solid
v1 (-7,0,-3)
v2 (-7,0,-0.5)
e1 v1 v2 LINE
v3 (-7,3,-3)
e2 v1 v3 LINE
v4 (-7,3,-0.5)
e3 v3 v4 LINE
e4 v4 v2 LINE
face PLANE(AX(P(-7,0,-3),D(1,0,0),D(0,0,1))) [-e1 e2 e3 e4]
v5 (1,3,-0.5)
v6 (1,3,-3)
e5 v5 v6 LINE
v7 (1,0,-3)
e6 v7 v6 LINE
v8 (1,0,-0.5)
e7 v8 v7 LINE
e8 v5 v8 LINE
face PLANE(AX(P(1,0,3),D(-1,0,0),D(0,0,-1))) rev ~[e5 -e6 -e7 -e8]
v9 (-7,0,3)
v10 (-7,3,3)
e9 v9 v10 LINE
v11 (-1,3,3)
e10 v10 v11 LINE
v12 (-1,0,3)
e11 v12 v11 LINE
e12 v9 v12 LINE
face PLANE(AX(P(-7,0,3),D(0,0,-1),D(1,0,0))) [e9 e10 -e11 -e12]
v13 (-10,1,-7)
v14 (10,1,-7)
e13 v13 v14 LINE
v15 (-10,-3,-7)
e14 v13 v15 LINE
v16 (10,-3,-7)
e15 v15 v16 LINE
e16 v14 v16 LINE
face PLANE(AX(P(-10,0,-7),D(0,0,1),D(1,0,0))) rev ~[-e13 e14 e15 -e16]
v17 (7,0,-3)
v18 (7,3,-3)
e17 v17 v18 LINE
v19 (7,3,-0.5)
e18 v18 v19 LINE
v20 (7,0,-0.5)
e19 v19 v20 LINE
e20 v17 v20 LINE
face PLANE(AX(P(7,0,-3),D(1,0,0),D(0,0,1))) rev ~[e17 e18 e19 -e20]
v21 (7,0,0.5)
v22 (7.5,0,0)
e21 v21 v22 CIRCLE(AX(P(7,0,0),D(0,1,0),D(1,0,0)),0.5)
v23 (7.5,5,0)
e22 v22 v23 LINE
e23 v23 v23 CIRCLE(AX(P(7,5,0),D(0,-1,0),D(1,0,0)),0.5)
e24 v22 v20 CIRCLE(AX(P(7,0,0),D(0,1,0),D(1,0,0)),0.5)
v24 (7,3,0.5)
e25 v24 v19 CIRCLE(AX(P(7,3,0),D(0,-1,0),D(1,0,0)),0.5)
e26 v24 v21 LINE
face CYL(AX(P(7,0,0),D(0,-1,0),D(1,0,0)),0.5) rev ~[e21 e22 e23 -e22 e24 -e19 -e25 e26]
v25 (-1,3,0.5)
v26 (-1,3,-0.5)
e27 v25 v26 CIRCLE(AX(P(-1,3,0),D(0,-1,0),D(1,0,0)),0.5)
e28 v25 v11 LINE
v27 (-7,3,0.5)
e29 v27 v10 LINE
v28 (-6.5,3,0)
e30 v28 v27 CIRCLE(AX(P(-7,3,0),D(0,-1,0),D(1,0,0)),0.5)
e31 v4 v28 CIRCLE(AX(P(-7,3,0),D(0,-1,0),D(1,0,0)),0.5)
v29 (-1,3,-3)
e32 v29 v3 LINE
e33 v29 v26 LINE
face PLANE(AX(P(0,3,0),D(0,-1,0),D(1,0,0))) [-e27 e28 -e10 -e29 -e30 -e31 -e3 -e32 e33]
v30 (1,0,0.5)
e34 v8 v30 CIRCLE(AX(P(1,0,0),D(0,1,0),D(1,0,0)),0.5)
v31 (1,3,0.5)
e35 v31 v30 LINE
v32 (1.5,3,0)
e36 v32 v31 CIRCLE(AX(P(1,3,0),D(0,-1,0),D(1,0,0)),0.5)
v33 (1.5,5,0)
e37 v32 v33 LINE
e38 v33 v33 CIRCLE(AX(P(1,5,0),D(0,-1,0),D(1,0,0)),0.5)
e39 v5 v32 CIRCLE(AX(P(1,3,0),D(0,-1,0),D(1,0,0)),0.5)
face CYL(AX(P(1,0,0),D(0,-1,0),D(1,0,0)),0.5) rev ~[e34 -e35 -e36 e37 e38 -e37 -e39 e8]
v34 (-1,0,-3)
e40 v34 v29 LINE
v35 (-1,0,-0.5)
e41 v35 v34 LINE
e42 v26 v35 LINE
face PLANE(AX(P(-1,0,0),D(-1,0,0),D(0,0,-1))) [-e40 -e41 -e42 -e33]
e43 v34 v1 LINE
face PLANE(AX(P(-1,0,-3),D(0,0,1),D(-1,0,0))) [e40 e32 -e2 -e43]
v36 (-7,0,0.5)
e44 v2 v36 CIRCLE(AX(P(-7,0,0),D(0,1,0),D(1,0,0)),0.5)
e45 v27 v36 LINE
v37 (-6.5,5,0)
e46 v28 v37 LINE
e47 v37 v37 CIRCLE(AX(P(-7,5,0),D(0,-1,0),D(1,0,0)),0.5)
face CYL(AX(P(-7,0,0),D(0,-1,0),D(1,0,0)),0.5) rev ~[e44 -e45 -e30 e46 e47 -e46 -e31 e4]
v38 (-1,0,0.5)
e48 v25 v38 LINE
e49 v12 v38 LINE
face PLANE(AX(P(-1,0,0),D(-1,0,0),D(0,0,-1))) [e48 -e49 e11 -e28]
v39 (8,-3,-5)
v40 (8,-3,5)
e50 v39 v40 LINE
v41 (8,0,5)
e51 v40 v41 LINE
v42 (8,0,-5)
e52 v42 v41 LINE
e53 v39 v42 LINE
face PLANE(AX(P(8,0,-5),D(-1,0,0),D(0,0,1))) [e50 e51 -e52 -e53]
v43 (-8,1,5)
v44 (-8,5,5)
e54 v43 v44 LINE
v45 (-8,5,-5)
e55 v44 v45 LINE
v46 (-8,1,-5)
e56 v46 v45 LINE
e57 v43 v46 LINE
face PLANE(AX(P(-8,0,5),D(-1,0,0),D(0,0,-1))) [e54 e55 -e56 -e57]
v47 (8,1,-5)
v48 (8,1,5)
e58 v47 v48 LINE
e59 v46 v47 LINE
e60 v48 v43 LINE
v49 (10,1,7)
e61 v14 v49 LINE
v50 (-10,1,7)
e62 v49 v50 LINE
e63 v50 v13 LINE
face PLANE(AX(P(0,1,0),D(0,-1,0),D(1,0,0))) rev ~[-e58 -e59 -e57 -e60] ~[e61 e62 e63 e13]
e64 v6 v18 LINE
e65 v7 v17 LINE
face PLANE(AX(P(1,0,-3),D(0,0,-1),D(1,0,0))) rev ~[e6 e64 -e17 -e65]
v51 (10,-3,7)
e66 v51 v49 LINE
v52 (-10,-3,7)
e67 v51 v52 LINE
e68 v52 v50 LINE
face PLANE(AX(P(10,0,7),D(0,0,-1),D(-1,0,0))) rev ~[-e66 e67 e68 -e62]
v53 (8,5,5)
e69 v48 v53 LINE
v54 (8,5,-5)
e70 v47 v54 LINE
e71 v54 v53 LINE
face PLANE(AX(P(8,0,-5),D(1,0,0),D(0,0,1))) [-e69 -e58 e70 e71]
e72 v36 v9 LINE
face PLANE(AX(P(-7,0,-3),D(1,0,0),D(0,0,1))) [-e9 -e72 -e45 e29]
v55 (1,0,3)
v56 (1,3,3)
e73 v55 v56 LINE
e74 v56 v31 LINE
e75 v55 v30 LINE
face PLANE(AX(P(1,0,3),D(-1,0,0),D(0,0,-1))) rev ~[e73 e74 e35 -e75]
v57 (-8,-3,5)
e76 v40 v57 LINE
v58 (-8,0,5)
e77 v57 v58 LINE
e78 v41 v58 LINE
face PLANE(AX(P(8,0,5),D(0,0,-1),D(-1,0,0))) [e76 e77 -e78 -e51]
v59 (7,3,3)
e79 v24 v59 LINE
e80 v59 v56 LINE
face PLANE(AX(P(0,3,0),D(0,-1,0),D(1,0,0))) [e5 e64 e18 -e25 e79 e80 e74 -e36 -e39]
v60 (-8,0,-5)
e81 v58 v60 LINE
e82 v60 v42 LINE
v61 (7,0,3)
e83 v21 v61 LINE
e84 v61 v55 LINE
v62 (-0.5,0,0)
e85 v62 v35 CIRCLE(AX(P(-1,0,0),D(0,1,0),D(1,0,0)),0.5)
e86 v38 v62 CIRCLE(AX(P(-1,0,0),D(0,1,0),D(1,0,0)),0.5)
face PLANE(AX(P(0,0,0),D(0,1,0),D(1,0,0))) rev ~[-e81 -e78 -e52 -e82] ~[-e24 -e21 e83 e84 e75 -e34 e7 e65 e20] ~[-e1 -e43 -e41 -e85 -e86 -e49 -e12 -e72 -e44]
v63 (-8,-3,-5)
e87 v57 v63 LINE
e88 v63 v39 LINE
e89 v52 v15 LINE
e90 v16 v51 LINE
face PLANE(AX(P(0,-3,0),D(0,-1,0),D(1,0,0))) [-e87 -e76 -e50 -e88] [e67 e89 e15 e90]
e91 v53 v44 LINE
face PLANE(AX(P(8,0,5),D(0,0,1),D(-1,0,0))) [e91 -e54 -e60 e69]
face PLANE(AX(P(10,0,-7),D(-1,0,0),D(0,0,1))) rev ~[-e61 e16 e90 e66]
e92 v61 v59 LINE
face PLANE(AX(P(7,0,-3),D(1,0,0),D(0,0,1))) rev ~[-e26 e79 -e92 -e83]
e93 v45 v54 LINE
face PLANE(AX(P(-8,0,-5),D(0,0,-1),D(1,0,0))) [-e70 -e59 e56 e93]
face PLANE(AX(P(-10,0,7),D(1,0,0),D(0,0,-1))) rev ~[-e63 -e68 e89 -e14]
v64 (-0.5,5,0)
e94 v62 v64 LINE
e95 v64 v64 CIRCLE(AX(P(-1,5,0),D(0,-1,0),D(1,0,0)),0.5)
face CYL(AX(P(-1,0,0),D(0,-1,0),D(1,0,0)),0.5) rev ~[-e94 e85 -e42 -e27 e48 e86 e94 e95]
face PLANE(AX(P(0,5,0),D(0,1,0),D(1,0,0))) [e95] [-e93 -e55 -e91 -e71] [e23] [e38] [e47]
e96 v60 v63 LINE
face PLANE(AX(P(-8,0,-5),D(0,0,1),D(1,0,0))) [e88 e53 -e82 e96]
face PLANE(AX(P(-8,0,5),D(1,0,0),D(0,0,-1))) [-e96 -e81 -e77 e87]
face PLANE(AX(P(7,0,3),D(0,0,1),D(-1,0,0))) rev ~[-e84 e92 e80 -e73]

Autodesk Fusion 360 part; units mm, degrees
sketch "Sketch1" plane through (0, 0, 0) normal (0, 1, 0) x (1, 0, 0)
  line L0 (7, -3.5) -> (-7, -3.5)
  line L1 (-7, -3.5) -> (-7, 3.5)
  line L2 (-7, 3.5) -> (7, 3.5)
  line L3 (7, 3.5) -> (7, -3.5)
  line L4 (7, -3.5) -> (-7, 3.5) construction
  line L5 (-7, -3.5) -> (7, 3.5) construction
  circle A0 centre (-6, 0) radius 0.5
  circle A1 centre (-1, 0) radius 0.5
  circle A2 centre (1, 0) radius 0.5
  circle A3 centre (6, 0) radius 0.5
  dimension "d3" = 14
  dimension "d4" = 7
  dimension "d7" = 1
  dimension "d8" = 1
  dimension "d9" = 1
  dimension "d10" = 1
sketch "Sketch2" plane through (0, 0, 0) normal (0, -1, 0) x (1, 0, 0)
  circle A0 centre (-1, 0) radius 0.5
  circle A1 centre (1, 0) radius 0.5
  circle A2 centre (6, 0) radius 0.5
  circle A3 centre (-6, 0) radius 0.5
  line L0 (-7, -3.5) -> (7, -3.5)
  line L1 (7, -3.5) -> (7, 3.5)
  line L2 (7, 3.5) -> (-7, 3.5)
  line L3 (-7, 3.5) -> (-7, -3.5)
  line L4 (-6, 2.5) -> (-6, -2.5)
  line L5 (6, -2.5) -> (6, 2.5)
  line L6 (6, -2.5) -> (1, -2.5)
  line L7 (1, -2.5) -> (1, 2.5)
  line L8 (1, 2.5) -> (6, 2.5)
  line L9 (-6, -2.5) -> (-6, 2.5)
  line L10 (-6, 2.5) -> (-1, 2.5)
  line L11 (-1, 2.5) -> (-1, -2.5)
  line L12 (-1, -2.5) -> (-6, -2.5)
sketch "Sketch3" plane through (0, 0, 0) normal (0, -1, 0) x (1, 0, 0)
sketch "Sketch4" plane through (0, 0, 0) normal (0, 1, 0) x (1, 0, 0)
  line L0 (-8, -5) -> (8, -5)
  line L1 (8, -5) -> (8, 5)
  line L2 (8, 5) -> (-8, 5)
  line L3 (-8, 5) -> (-8, -5)
  line L4 (-8, -5) -> (8, 5) construction
  line L5 (8, -5) -> (-8, 5) construction
  line L6 (-1, 0) -> (-1, -3)
  line L7 (-1, -3) -> (-7, -3)
  line L8 (-7, -3) -> (-7, 3)
  line L9 (-7, 3) -> (-1, 3)
  line L10 (-1, 3) -> (-1, 0)
  line L11 (1, 3) -> (1, -3)
  line L12 (1, -3) -> (7, -3)
  line L13 (7, -3) -> (7, 3)
  line L14 (7, 3) -> (1, 3)
  dimension "d16" = 16
  dimension "d17" = 10
sketch "Sketch5" plane through (0, 0, 0) normal (0, -1, 0) x (1, 0, 0)
  line L0 (-8, 5) -> (-8, -5)
  line L1 (-8, -5) -> (8, -5)
  line L2 (8, -5) -> (8, 5)
  line L3 (8, 5) -> (-8, 5)
  line L4 (-1, -3) -> (-1, 3)
  line L5 (-1, 3) -> (-7, 3)
  line L6 (-7, 3) -> (-7, -3)
  line L7 (-7, -3) -> (-1, -3)
  line L8 (1, -3) -> (1, 3)
  line L9 (1, 3) -> (7, 3)
  line L10 (7, 3) -> (7, -3)
  line L11 (7, -3) -> (1, -3)
sketch "Sketch6" plane through (0, 0, 0) normal (0, -1, 0) x (1, 0, 0)
  line L0 (-1, 3) -> (-1, -3)
  line L1 (-1, -3) -> (-7, -3)
  line L2 (-7, -3) -> (-7, 3)
  line L3 (-7, 3) -> (-1, 3)
  line L4 (1, 3) -> (7, 3)
  line L5 (7, 3) -> (7, -3)
  line L6 (7, -3) -> (1, -3)
  line L7 (1, -3) -> (1, 3)
  line L8 (-8, 5) -> (-8, -5)
  line L9 (-8, -5) -> (8, -5)
  line L10 (8, -5) -> (8, 5)
  line L11 (8, 5) -> (-8, 5)
  circle A0 centre (-7, 0) radius 0.25
  circle A1 centre (-1, 0) radius 0.25
  circle A2 centre (1, 0) radius 0.25
  circle A3 centre (7, 0) radius 0.25
  dimension "d23" = 0.5
  dimension "d24" = 0.5
  dimension "d25" = 0.5
  dimension "d26" = 0.5
sketch "Sketch7" plane through (0, 4, 0) normal (0, 1, 0) x (-1, 0, 0)
  circle A0 centre (1, 0) radius 0.25
  circle A1 centre (-1, 0) radius 0.25
  circle A2 centre (7, 0) radius 0.25
  circle A3 centre (-7, 0) radius 0.25
  line L0 (8, -5) -> (8, 5)
  line L1 (8, 5) -> (-8, 5)
  line L2 (-8, 5) -> (-8, -5)
  line L3 (-8, -5) -> (8, -5)
  line L4 (-10, -7) -> (10, -7)
  line L5 (10, -7) -> (10, 7)
  line L6 (10, 7) -> (-10, 7)
  line L7 (-10, 7) -> (-10, -7)
  circle A4 centre (-7, 0) radius 0.25
  circle A5 centre (-1, 0) radius 0.25
  circle A6 centre (1, 0) radius 0.25
  circle A7 centre (7, 0) radius 0.25
  dimension "d29" = 2
sketch "Sketch8" plane through (0, 0, 0) normal (0, -1, 0) x (1, 0, 0)
  line L0 (-8, 5) -> (-8, -5)
  line L1 (-8, -5) -> (8, -5)
  line L2 (8, -5) -> (8, 5)
  line L3 (8, 5) -> (-8, 5)
  arc A0 (1, 0.25) -> (1, -0.25) centre (1, 0) ccw
  line L4 (1, 0.25) -> (1, 3)
  line L5 (1, 3) -> (7, 3)
  line L6 (7, 3) -> (7, 0.25)
  arc A1 (7, -0.25) -> (7, 0.25) centre (7, 0) ccw
  line L7 (7, -0.25) -> (7, -3)
  line L8 (7, -3) -> (1, -3)
  line L9 (1, -3) -> (1, -0.25)
  arc A2 (-1, -0.25) -> (-1, 0.25) centre (-1, 0) ccw
  line L10 (-1, -0.25) -> (-1, -3)
  line L11 (-1, -3) -> (-7, -3)
  line L12 (-7, -3) -> (-7, -0.25)
  arc A3 (-7, 0.25) -> (-7, -0.25) centre (-7, 0) ccw
  line L13 (-7, 0.25) -> (-7, 3)
  line L14 (-7, 3) -> (-1, 3)
  line L15 (-1, 3) -> (-1, 0.25)
  circle A4 centre (-6.5, 4) radius 0.5
  circle A5 centre (-6.5, -4) radius 0.5
  circle A6 centre (6.5, -4) radius 0.5
  circle A7 centre (6.5, 4) radius 0.5
ref_plane "WorkPlane1" through (0, -6, 0) normal (0, -1, 0) x (-1, 0, 0)
sketch "Sketch11" plane through (0, 0, 0) normal (0, -1, 0) x (1, 0, 0)
sketch "Sketch12" plane through (0, 4, 0) normal (0, 1, 0) x (-1, 0, 0)
  circle A0 centre (1, 0) radius 0.25
  circle A1 centre (-1, 0) radius 0.25
  circle A2 centre (7, 0) radius 0.25
  circle A3 centre (-7, 0) radius 0.25
  line L0 (-11, -8) -> (11, -8)
  line L1 (11, -8) -> (11, 8)
  line L2 (11, 8) -> (-11, 8)
  line L3 (-11, 8) -> (-11, -8)
sketch "Sketch13" plane through (0, 0, 0) normal (0, -1, 0) x (1, 0, 0)
sketch "Sketch14" plane through (0, 0, 0) normal (0, -1, 0) x (1, 0, 0)
sketch "Sketch15" plane through (0, 0, 0) normal (0, 1, 0) x (1, 0, 0)
  line L0 (8, -5) -> (-8, -5)
  line L1 (-8, -5) -> (-8, 5)
  line L2 (-8, 5) -> (8, 5)
  line L3 (8, 5) -> (8, -5)
  line L4 (8, -5) -> (-8, 5) construction
  line L5 (-8, -5) -> (8, 5) construction
  dimension "d43" = 16
  dimension "d44" = 10
extrude "Extrude9" add sketch "Sketch15" along normal blind 5
sketch "Sketch16" plane through (0, 0, 0) normal (0, -1, 0) x (1, 0, 0)
  line L0 (-8, -5) -> (8, -5)
  line L1 (8, -5) -> (8, 5)
  line L2 (8, 5) -> (-8, 5)
  line L3 (-8, 5) -> (-8, -5)
  line L4 (7, 3) -> (1, 3)
  line L5 (1, 3) -> (1, -3)
  line L6 (1, -3) -> (7, -3)
  line L7 (7, -3) -> (7, 3)
  line L8 (7, 3) -> (1, -3) construction
  line L9 (1, 3) -> (7, -3) construction
  line L10 (-1, 0) -> (-4, 0)
  line L11 (-1, 0) -> (-1, 3)
  line L12 (-1, 0) -> (-1, -3)
  line L13 (-1, -3) -> (-7, -3)
  line L14 (-7, -3) -> (-7, 3)
  line L15 (-7, 3) -> (-1, 3)
  point P0 (4, 0)
  dimension "d48" = 6
  dimension "d49" = 6
  dimension "d50" = 1
  dimension "d51" = 3
  dimension "d52" = 3
  dimension "d53" = 6
  dimension "d54" = 6
extrude "Extrude10" cut sketch "Sketch16" against normal blind 3 contours L4 L5 L6 L7 | L11 L12 L13 L14 L15
sketch "Sketch17" plane through (0, 0, 0) normal (0, -1, 0) x (1, 0, 0)
  line L0 (-7, 3) -> (-1, 3)
  line L1 (-1, 3) -> (-1, -3)
  line L2 (-1, -3) -> (-7, -3)
  line L3 (-7, -3) -> (-7, 3)
  line L4 (1, 3) -> (7, 3)
  line L5 (7, 3) -> (7, -3)
  line L6 (7, -3) -> (1, -3)
  line L7 (1, -3) -> (1, 3)
  line L8 (-8, -5) -> (8, -5)
  line L9 (8, -5) -> (8, 5)
  line L10 (8, 5) -> (-8, 5)
  line L11 (-8, 5) -> (-8, -5)
  line L12 (-10, -7) -> (10, -7)
  line L13 (10, -7) -> (10, 7)
  line L14 (10, 7) -> (-10, 7)
  line L15 (-10, 7) -> (-10, -7)
  dimension "d57" = 2
extrude "Extrude11" add sketch "Sketch17" along normal blind 3 and the other way blind 1 contours L12 L13 L14 L15
sketch "Sketch18" plane through (0, 0, 0) normal (0, -1, 0) x (1, 0, 0)
  line L0 (-7, 3) -> (-1, 3)
  line L1 (-1, 3) -> (-1, -3)
  line L2 (-1, -3) -> (-7, -3)
  line L3 (-7, -3) -> (-7, 3)
  line L4 (1, 3) -> (7, 3)
  line L5 (7, 3) -> (7, -3)
  line L6 (7, -3) -> (1, -3)
  line L7 (1, -3) -> (1, 3)
  line L8 (-8, -5) -> (8, -5)
  line L9 (8, -5) -> (8, 5)
  line L10 (8, 5) -> (-8, 5)
  line L11 (-8, 5) -> (-8, -5)
  circle A0 centre (1, 0) radius 0.5
  circle A1 centre (7, 0) radius 0.5
  circle A2 centre (-1, 0) radius 0.5
  circle A3 centre (-7, 0) radius 0.5
  dimension "d62" = 1
  dimension "d63" = 1
  dimension "d64" = 1
  dimension "d65" = 1
extrude "Extrude12" cut sketch "Sketch18" against normal blind 5 contours L3 A3 | L3 A3 | L1 A2 | L1 A2 | L7 A0 | L7 A0 | L5 A1 | L5 A1
sketch "Sketch19" plane through (0, 0, 0) normal (0, -1, 0) x (1, 0, 0)
  line L0 (-8, -5) -> (8, -5)
  line L1 (8, 5) -> (-8, 5)
  line L2 (-8, 5) -> (-8, -5)
  arc A0 (1, 0.5) -> (1, -0.5) centre (1, 0) ccw
  arc A1 (7, -0.5) -> (7, 0.5) centre (7, 0) ccw
  line L3 (7, -3) -> (1, -3)
  line L4 (1, -3) -> (1, -0.5)
  arc A2 (-1, -0.5) -> (-1, 0.5) centre (-1, 0) ccw
  line L5 (-1, -0.5) -> (-1, -3)
  line L6 (-1, -3) -> (-7, -3)
  line L7 (-7, -3) -> (-7, -0.5)
  arc A3 (-7, 0.5) -> (-7, -0.5) centre (-7, 0) ccw
  line L8 (-7, 0.5) -> (-7, 3)
  line L9 (-7, 3) -> (-1, 3)
  line L10 (-8, 5) -> (8, 5)
  line L11 (8, 5) -> (8, -5)
  line L12 (8, -5) -> (-8, -5)
  line L13 (-8, -5) -> (-8, 5)
sketch "Sketch20" plane through (0, -10, 0) normal (0, 1, 0) x (-1, 0, 0)
  line L0 (-8, -5) -> (8, -5)
  line L1 (8, -5) -> (8, 5)
  line L2 (8, 5) -> (-8, 5)
  line L3 (-8, 5) -> (-8, -5)
  line L4 (-7, -4) -> (7, -4)
  line L5 (7, -4) -> (7, 4)
  line L6 (7, 4) -> (-7, 4)
  line L7 (-7, 4) -> (-7, -4)
  dimension "d73" = -1
sketch "Sketch21" plane through (0, -13, 0) normal (0, -1, 0) x (1, 0, 0)
  line L0 (-8, -5) -> (8, -5)
  line L1 (8, -5) -> (8, 5)
  line L2 (8, 5) -> (-8, 5)
  line L3 (-8, 5) -> (-8, -5)
  circle A0 centre (-4, 0) radius 2
  circle A1 centre (4, 0) radius 2
